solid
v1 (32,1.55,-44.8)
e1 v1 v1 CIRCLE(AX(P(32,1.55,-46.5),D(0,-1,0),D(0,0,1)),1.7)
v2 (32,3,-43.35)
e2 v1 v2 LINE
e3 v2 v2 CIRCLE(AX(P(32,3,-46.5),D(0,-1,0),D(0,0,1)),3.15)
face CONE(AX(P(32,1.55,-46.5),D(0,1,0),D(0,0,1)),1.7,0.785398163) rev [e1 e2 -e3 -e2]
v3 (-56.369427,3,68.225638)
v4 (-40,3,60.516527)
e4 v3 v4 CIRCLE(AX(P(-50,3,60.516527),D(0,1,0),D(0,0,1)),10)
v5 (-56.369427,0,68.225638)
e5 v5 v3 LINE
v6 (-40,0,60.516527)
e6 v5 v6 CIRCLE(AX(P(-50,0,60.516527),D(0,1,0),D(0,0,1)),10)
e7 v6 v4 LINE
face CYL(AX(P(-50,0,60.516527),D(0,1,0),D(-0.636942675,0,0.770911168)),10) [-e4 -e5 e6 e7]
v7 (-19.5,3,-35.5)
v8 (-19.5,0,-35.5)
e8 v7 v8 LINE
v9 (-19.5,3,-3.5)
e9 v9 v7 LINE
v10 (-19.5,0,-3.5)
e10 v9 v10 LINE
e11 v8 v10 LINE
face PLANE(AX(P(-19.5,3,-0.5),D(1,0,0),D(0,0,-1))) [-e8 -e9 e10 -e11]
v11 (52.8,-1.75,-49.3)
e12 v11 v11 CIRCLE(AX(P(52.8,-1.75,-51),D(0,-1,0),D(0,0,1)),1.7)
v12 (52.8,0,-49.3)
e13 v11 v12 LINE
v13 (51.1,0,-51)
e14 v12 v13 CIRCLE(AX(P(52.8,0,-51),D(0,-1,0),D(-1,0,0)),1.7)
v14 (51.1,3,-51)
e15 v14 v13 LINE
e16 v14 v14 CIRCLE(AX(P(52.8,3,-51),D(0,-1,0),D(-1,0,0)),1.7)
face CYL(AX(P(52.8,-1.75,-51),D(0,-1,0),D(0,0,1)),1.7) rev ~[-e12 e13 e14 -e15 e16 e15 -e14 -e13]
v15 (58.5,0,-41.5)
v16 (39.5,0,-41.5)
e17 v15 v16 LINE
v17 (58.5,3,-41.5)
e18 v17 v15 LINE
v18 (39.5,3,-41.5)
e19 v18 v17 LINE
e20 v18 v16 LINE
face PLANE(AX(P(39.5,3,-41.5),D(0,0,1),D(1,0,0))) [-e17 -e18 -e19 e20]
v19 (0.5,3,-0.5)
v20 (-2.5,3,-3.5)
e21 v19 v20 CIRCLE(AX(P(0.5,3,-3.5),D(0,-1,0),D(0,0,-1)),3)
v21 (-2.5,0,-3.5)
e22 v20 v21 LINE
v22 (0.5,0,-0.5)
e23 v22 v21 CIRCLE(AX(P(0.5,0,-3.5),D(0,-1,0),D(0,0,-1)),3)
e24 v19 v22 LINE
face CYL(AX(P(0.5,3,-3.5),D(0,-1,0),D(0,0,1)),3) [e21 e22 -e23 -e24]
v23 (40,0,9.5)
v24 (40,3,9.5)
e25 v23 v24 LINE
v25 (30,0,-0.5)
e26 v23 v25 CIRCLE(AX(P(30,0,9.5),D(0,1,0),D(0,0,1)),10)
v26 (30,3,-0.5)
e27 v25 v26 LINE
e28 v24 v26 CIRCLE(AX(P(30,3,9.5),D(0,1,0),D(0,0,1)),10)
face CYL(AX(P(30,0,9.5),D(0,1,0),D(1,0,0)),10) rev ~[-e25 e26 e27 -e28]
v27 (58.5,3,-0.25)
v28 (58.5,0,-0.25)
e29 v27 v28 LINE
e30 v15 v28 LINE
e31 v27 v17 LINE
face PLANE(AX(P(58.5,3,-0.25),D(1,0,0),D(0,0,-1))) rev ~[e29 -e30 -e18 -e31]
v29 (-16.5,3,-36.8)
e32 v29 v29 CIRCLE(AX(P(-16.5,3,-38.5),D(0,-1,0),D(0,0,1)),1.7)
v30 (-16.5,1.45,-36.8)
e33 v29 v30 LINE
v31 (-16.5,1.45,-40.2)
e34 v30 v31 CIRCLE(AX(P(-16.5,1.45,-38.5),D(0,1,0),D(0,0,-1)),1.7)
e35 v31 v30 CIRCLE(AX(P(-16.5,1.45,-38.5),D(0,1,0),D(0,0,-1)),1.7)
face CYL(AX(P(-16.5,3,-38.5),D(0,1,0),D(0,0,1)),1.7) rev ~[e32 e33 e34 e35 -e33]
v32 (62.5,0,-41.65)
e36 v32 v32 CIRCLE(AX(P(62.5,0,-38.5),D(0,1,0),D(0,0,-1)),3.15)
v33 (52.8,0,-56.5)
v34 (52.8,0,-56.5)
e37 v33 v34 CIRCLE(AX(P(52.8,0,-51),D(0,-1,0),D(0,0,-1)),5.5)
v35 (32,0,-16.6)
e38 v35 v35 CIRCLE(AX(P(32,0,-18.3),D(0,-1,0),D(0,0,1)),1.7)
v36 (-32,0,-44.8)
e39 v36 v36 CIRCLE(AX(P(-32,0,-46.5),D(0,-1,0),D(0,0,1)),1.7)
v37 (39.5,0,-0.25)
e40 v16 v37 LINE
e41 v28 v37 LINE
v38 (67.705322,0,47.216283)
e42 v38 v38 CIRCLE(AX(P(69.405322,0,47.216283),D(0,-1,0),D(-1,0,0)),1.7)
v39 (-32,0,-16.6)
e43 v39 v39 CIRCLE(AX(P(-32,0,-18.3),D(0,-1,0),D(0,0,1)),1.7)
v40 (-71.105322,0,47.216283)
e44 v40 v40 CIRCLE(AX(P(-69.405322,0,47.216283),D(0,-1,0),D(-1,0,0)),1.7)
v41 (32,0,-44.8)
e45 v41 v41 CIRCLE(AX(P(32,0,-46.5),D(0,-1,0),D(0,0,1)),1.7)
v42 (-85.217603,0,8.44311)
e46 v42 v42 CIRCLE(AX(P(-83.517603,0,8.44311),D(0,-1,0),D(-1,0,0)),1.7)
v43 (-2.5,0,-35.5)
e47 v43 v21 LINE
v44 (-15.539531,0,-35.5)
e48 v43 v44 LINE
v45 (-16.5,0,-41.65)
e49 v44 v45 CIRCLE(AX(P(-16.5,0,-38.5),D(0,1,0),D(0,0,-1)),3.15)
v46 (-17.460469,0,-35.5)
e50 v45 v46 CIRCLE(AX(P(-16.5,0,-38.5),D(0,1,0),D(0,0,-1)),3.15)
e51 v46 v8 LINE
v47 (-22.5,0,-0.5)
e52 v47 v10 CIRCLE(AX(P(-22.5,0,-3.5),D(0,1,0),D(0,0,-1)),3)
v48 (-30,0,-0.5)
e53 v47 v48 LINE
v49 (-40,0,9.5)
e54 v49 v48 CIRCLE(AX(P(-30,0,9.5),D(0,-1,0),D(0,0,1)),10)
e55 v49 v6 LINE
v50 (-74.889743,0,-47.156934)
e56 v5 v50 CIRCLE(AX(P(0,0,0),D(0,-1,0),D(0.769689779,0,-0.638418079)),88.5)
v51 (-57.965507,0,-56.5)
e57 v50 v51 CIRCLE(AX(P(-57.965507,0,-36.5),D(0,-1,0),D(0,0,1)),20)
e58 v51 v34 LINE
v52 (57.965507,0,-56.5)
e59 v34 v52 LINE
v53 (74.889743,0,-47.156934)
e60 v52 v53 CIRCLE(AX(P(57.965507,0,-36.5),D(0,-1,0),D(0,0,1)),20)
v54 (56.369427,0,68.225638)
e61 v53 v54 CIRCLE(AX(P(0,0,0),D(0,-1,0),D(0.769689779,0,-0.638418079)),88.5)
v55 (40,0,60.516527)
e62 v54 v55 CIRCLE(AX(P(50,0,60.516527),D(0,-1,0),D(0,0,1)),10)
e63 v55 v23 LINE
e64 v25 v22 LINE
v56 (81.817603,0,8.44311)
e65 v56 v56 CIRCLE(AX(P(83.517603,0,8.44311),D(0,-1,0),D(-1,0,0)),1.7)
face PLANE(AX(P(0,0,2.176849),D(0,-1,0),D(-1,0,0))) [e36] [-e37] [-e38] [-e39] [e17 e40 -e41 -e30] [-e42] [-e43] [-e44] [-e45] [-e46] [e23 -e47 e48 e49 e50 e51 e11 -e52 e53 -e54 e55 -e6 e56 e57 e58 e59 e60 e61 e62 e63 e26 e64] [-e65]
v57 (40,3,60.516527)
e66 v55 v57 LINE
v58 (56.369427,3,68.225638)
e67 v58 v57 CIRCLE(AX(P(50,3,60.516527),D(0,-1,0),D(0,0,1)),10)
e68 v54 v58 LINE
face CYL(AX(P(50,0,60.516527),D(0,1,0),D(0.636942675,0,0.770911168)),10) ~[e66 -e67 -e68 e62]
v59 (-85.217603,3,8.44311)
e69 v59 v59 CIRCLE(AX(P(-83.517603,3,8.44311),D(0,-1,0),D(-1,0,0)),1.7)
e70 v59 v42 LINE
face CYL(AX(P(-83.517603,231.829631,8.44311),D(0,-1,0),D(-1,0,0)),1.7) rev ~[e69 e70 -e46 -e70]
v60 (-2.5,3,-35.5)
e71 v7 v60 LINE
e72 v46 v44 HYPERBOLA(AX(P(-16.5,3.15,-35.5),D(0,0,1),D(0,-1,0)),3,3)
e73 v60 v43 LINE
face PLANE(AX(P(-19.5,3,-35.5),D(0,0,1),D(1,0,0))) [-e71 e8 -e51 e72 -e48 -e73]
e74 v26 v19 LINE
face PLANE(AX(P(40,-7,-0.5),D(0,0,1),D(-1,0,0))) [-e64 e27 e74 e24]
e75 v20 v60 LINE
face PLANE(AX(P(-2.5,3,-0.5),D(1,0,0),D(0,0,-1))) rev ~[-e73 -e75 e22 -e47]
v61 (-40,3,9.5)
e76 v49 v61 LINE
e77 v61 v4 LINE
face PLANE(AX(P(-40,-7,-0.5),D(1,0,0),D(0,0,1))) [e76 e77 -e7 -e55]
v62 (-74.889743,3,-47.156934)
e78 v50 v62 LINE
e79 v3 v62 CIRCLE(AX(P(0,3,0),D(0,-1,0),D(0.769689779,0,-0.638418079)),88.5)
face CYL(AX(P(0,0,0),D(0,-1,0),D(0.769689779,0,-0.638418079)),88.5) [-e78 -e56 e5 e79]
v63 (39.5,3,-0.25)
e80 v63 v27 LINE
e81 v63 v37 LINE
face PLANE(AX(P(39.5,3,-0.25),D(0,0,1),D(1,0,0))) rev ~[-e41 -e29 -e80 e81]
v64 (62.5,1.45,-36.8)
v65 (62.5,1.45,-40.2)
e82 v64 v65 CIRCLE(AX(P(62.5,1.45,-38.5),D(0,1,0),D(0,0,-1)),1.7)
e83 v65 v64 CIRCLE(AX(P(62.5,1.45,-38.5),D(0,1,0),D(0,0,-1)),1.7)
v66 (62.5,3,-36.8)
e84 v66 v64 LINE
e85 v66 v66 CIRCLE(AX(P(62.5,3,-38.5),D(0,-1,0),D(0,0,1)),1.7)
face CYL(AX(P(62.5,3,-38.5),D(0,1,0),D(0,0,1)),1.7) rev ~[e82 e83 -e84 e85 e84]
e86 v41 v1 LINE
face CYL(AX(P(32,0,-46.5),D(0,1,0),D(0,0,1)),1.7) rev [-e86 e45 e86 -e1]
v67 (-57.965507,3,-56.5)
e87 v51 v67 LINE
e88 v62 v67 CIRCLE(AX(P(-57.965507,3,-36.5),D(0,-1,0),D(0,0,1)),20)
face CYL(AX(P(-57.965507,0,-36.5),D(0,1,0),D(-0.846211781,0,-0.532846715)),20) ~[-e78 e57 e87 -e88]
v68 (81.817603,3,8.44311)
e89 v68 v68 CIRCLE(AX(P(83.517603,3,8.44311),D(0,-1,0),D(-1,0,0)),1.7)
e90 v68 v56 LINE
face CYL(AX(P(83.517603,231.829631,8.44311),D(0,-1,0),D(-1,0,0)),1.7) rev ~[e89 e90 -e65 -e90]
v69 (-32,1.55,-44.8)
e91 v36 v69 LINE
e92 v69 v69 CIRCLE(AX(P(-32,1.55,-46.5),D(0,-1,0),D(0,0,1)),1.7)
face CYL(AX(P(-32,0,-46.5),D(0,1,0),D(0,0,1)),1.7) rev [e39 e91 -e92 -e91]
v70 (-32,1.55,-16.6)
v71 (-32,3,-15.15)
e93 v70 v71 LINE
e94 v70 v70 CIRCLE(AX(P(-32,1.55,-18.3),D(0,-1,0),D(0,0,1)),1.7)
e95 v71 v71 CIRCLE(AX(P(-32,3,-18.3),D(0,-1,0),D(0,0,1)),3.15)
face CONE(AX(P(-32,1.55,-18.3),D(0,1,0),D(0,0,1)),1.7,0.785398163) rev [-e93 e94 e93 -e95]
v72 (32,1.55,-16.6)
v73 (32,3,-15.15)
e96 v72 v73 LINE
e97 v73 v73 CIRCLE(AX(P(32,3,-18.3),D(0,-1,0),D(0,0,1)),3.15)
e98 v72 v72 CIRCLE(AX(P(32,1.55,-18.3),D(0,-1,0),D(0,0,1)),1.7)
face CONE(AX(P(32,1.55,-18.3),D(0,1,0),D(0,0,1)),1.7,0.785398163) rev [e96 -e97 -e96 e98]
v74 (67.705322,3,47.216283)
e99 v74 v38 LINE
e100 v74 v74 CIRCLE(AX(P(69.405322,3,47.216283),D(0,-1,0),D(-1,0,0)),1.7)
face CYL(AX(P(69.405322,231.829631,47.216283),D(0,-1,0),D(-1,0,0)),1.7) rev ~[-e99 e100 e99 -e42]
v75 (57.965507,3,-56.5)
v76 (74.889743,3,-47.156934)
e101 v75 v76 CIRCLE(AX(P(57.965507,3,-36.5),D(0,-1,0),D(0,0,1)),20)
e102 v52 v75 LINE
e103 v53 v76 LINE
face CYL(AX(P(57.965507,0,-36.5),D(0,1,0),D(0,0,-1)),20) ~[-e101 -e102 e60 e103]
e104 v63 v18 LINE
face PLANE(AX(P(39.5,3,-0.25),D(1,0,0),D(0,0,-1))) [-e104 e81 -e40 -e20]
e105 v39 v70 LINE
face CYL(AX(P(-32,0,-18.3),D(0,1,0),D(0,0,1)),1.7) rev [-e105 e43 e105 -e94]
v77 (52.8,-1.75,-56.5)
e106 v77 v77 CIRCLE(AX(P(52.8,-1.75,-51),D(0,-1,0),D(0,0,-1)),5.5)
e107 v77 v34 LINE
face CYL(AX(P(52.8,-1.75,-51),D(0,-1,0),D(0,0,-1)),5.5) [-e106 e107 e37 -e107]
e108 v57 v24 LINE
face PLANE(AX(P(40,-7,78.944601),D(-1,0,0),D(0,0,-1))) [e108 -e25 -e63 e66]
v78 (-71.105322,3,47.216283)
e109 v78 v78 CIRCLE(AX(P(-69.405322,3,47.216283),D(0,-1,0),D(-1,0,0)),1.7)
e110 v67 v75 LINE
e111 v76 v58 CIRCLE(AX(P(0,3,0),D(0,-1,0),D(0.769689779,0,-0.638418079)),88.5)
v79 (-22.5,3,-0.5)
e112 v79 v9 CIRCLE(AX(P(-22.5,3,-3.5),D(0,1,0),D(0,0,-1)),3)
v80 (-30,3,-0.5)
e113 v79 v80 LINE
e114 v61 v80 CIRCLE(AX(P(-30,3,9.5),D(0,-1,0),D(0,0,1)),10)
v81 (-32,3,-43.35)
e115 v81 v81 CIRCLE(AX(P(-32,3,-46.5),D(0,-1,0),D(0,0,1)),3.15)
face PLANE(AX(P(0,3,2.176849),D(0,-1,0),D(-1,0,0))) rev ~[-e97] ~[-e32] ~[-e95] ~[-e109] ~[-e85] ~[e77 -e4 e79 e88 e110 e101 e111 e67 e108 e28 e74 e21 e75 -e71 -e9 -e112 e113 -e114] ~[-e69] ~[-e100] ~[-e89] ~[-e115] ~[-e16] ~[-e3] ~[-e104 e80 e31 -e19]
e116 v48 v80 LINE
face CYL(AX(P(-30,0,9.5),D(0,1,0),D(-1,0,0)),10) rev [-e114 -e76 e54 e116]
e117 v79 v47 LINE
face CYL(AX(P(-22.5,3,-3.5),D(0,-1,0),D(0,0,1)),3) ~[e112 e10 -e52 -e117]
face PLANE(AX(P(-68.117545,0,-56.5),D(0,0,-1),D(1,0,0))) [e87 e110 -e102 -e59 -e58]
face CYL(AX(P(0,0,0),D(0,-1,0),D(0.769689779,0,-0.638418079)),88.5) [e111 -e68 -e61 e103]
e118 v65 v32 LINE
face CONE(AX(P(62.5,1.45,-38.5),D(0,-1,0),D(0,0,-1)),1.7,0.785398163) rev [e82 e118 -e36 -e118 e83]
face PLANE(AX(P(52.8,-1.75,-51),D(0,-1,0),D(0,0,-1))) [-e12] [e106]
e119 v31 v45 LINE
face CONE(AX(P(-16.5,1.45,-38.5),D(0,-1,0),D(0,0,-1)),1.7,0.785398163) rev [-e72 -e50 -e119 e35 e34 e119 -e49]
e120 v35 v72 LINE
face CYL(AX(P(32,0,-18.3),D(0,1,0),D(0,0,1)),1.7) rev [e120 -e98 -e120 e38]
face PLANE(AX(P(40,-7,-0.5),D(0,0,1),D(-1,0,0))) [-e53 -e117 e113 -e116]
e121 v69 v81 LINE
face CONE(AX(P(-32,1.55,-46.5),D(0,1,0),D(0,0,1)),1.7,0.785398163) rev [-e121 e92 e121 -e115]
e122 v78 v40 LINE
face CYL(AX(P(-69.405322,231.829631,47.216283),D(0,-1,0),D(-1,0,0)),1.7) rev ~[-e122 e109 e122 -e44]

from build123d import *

# Parameters (mm, degrees)
BOSS_EXTRUDE1_DEPTH                            = 3
F_3_4_3_4_DIAMETER_HOLE2_D                     = 3.4
CSK_FOR_M3_FLAT_HEAD_MACHINE_SCREW1_AT_2_COUNT = 2
CSK_FOR_M3_FLAT_HEAD_MACHINE_SCREW1_AT_2_PITCH = 28.2
CSK_FOR_M3_FLAT_HEAD_MACHINE_SCREW1_AT_3_COUNT = 2
CSK_FOR_M3_FLAT_HEAD_MACHINE_SCREW1_AT_3_PITCH = 64
CSK_FOR_M3_FLAT_HEAD_MACHINE_SCREW1_AT_4_COUNT = 2
CSK_FOR_M3_FLAT_HEAD_MACHINE_SCREW1_AT_4_PITCH = 69.937400581
CUT_EXTRUDE1_DEPTH                             = 126.193849689
CUT_EXTRUDE1_DEPTH_BACK                        = 10
FILLET1_R                                      = 10
BOSS_EXTRUDE3_START                            = 1.75
SKETCH9_R                                      = 5.5
SKETCH9_R_2                                    = 1.7
BOSS_EXTRUDE3_DEPTH                            = 1.75
SKETCH12_W                                     = 17
SKETCH12_H                                     = 35
SKETCH12_W_2                                   = 19
SKETCH12_H_2                                   = 41.25
SKETCH12_R                                     = 1.7
CUT_EXTRUDE2_DEPTH                             = 114.258081537
CSK_FOR_M3_FLAT_HEAD_MACHINE_SCREW2_AT_2_COUNT = 2
CSK_FOR_M3_FLAT_HEAD_MACHINE_SCREW2_AT_2_PITCH = 79
FILLET2_R                                      = 20
FILLET3_R                                      = 3


with BuildPart() as part:
    # Sketch1 → Boss-Extrude1 (new body)
    with BuildSketch(Plane(origin=(0, 0, 0), x_dir=(1, 0, 0), z_dir=(0, 1, 0))):
        with BuildLine():
            Line((-68.117545464, 56.5), (68.117545464, 56.5))
            ThreePointArc((68.117545464, 56.5), (0, -88.5), (-68.117545464, 56.5))
        make_face()
    extrude(amount=BOSS_EXTRUDE1_DEPTH)

    # Ø3.4 (3.4) Diameter Hole2 (through all)
    with Locations(Plane(origin=(0, 3, 0), x_dir=(1, 0, 0), z_dir=(0, 1, 0))):
        with Locations((69.405322414, -47.216282822), (-83.517603132, -8.443110213), (-69.405322414, -47.216282822), (52.8, 51), (83.517603132, -8.443110213)):
            Hole(F_3_4_3_4_DIAMETER_HOLE2_D / 2)

    # Sketch6 → CSK for M3 Flat Head Machine Screw1 (revolve, cut)
    with BuildSketch(Plane(origin=(32, 3, -46.5), x_dir=(0, 0, 1), z_dir=(1, 0, 0))):
        Polygon((0, 0), (0, 3), (1.7, 3), (1.7, 1.45), (3.15, 0), align=None)
    csk_for_m3_flat_head_machine_screw1 = revolve(axis=Axis((32, 9.35, -46.5), (0, -1, 0)), mode=Mode.SUBTRACT)

    # CSK for M3 Flat Head Machine Screw1 at 2: CSK for M3 Flat Head Machine Screw1 ×2
    with Locations(*[(0, 0, i * CSK_FOR_M3_FLAT_HEAD_MACHINE_SCREW1_AT_2_PITCH) for i in range(1, CSK_FOR_M3_FLAT_HEAD_MACHINE_SCREW1_AT_2_COUNT)]):
        add(csk_for_m3_flat_head_machine_screw1, mode=Mode.SUBTRACT)

    # CSK for M3 Flat Head Machine Screw1 at 3: CSK for M3 Flat Head Machine Screw1 ×2
    with Locations(*[(-i * CSK_FOR_M3_FLAT_HEAD_MACHINE_SCREW1_AT_3_PITCH, 0, 0) for i in range(1, CSK_FOR_M3_FLAT_HEAD_MACHINE_SCREW1_AT_3_COUNT)]):
        add(csk_for_m3_flat_head_machine_screw1, mode=Mode.SUBTRACT)

    # CSK for M3 Flat Head Machine Screw1 at 4: CSK for M3 Flat Head Machine Screw1 ×2
    with Locations(*[Vector(-0.9151040711908488, 0, 0.4032177313684679) * (i * CSK_FOR_M3_FLAT_HEAD_MACHINE_SCREW1_AT_4_PITCH) for i in range(1, CSK_FOR_M3_FLAT_HEAD_MACHINE_SCREW1_AT_4_COUNT)]):
        add(csk_for_m3_flat_head_machine_screw1, mode=Mode.SUBTRACT)

    # Sketch7 → Cut-Extrude1 (cut, two sides: drawn at the far end of the back side and taken through both)
    with BuildSketch(Plane(origin=(0, 3, 0), x_dir=(1, 0, 0), z_dir=(0, 1, 0)).offset(-CUT_EXTRUDE1_DEPTH_BACK)):
        with BuildLine():
            Line((40, -78.944600829), (40, 0.5))
            Line((40, 0.5), (-40, 0.5))
            Line((-40, 0.5), (-40, -78.944600829))
            ThreePointArc((-40, -78.944600829), (0, -88.5), (40, -78.944600829))
        make_face()
    extrude(amount=CUT_EXTRUDE1_DEPTH + CUT_EXTRUDE1_DEPTH_BACK, mode=Mode.SUBTRACT)

    # Fillet1
    fillet1_edges = [part.edges().sort_by_distance(p)[0] for p in [
        (40, 1.5, 78.944600829),
        (-40, 1.5, 78.944600829),
        (40, 1.5, -0.5),
        (-40, 1.5, -0.5),
    ]]
    fillet(fillet1_edges, radius=FILLET1_R)

    # Sketch9 → Boss-Extrude3 (add)
    with BuildSketch(Plane.XZ.offset(BOSS_EXTRUDE3_START)):
        with Locations(Location((52.8, -51, 0), (0, 0, 270))):
            Circle(SKETCH9_R)
        with Locations(Location((52.8, -51, 0), (0, 0, 90))):
            Circle(SKETCH9_R_2, mode=Mode.SUBTRACT)
    extrude(amount=-BOSS_EXTRUDE3_DEPTH)

    # Sketch12 → Cut-Extrude2 (cut, through all)
    with BuildSketch(Plane(origin=(0, 3, 0), x_dir=(1, 0, 0), z_dir=(0, 1, 0))):
        with Locations((-11, 18)):
            Rectangle(SKETCH12_W, SKETCH12_H)
        with Locations((49, 20.875)):
            Rectangle(SKETCH12_W_2, SKETCH12_H_2)
        with Locations(Location((-16.5, 38.5, 0), (0, 0, 270))):
            Circle(SKETCH12_R)
        with Locations(Location((62.5, 38.5, 0), (0, 0, 270))):
            Circle(SKETCH12_R)
    extrude(amount=-CUT_EXTRUDE2_DEPTH, mode=Mode.SUBTRACT)

    # Sketch13 → CSK for M3 Flat Head Machine Screw2 (revolve, cut)
    with BuildSketch(Plane(origin=(62.5, 0, -38.5), x_dir=(0, 0, -1), z_dir=(1, 0, 0))):
        Polygon((0, 0), (0, 3), (1.7, 3), (1.7, 1.45), (3.15, 0), align=None)
    csk_for_m3_flat_head_machine_screw2 = revolve(axis=Axis((62.5, -6.35, -38.5), (0, 1, 0)), mode=Mode.SUBTRACT)

    # CSK for M3 Flat Head Machine Screw2 at 2: CSK for M3 Flat Head Machine Screw2 ×2
    with Locations(*[(-i * CSK_FOR_M3_FLAT_HEAD_MACHINE_SCREW2_AT_2_PITCH, 0, 0) for i in range(1, CSK_FOR_M3_FLAT_HEAD_MACHINE_SCREW2_AT_2_COUNT)]):
        add(csk_for_m3_flat_head_machine_screw2, mode=Mode.SUBTRACT)

    # Fillet2
    fillet2_edges = [part.edges().sort_by_distance(p)[0] for p in [
        (-68.117545464, 1.5, -56.5),
        (68.117545464, 1.5, -56.5),
    ]]
    fillet(fillet2_edges, radius=FILLET2_R)

    # Fillet3
    fillet3_edges = [part.edges().sort_by_distance(p)[0] for p in [
        (-19.5, 1.5, -0.5),
        (-2.5, 1.5, -0.5),
    ]]
    fillet(fillet3_edges, radius=FILLET3_R)


solid = part.part
